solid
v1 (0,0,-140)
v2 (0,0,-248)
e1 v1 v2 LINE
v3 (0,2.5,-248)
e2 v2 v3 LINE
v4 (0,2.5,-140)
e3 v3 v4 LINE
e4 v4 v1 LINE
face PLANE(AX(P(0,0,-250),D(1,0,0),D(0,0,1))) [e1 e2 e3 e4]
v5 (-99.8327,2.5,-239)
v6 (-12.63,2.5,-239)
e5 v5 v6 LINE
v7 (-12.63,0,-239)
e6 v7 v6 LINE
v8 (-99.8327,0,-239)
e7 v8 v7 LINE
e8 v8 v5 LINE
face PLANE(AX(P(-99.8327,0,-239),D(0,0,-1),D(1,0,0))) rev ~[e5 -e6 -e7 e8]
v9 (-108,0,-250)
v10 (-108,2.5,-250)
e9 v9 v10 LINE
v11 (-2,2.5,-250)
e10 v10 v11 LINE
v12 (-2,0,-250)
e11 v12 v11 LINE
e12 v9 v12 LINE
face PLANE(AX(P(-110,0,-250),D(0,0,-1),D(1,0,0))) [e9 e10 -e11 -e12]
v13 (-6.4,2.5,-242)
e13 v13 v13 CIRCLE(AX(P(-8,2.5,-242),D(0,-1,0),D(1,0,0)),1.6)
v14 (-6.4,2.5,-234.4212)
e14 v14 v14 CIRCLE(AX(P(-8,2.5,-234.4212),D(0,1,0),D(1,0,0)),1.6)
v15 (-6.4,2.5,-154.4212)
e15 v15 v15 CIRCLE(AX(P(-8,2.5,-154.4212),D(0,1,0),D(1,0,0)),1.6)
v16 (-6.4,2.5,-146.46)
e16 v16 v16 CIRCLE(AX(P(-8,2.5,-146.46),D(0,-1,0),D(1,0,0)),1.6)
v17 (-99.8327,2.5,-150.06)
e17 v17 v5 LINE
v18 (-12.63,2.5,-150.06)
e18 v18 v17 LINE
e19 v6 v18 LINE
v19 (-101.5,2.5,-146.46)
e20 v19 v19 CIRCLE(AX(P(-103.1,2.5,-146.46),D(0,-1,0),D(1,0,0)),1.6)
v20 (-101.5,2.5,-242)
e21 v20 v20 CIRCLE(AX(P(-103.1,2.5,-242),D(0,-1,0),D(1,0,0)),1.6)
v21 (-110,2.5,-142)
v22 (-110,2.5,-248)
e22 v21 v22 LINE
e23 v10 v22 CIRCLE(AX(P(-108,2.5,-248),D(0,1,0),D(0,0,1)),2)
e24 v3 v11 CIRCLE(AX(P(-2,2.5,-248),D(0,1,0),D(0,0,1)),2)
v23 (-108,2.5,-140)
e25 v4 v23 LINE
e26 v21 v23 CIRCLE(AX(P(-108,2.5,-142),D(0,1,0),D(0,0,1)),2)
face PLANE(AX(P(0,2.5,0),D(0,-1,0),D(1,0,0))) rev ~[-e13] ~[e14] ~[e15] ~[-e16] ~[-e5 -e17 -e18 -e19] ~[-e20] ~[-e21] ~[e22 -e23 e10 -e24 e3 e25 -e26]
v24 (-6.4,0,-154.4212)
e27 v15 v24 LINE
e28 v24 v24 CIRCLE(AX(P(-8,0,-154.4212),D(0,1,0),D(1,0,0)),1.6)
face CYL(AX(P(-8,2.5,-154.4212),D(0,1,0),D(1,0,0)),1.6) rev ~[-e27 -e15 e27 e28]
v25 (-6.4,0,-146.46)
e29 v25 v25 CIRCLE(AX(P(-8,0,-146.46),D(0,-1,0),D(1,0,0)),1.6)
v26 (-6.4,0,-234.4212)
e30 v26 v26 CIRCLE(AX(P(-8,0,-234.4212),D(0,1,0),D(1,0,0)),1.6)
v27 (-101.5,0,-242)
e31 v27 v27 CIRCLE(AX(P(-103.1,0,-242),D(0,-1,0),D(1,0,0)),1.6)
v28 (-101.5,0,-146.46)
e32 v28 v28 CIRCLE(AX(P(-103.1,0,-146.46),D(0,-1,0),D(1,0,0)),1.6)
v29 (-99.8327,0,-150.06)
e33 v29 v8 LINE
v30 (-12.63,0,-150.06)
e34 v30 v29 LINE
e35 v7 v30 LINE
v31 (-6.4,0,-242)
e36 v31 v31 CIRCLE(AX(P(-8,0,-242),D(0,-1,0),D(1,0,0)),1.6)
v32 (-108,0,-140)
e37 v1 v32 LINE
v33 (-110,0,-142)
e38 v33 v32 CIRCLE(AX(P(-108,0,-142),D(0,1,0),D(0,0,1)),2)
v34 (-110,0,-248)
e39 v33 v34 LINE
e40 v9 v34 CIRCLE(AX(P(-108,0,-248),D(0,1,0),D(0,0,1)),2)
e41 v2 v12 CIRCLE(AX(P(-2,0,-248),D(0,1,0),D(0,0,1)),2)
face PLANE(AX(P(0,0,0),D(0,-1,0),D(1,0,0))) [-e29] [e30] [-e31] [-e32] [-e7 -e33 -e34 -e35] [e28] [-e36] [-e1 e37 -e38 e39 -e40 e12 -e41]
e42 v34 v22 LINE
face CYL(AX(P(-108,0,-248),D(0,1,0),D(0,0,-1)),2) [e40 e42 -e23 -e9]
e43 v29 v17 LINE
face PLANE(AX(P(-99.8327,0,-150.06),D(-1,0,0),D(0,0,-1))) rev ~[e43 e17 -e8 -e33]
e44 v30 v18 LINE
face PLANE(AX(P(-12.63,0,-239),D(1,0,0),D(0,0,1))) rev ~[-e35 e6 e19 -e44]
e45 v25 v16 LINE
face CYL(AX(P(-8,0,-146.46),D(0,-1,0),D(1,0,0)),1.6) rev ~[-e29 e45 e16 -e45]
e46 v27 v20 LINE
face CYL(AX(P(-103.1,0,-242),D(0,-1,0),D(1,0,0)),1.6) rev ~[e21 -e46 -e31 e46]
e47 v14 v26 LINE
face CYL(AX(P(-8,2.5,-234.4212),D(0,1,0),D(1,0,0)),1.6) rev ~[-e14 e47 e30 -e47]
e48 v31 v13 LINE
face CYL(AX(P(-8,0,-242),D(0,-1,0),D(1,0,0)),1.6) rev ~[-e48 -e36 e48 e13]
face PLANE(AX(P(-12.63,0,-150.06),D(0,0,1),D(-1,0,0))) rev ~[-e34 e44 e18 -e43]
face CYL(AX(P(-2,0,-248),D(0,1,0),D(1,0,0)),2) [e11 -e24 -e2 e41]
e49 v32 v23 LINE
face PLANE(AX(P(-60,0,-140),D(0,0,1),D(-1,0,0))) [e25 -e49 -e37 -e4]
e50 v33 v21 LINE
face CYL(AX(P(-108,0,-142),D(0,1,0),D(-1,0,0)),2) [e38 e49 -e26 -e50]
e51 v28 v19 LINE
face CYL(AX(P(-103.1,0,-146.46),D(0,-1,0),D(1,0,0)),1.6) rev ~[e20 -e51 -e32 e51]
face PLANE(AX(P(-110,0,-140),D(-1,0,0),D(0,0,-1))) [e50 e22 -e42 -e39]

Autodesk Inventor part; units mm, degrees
ref_plane "YZ Plane" through (0, 0, 0) normal (1, 0, 0) x (0, 1, 0)
ref_plane "XZ Plane" through (0, 0, 0) normal (0, 1, 0) x (-1, 0, 0)
ref_plane "XY Plane" through (0, 0, 0) normal (0, 0, 1) x (1, 0, 0)
sketch "草图1" plane through (0, 0, 0) normal (0, 1, 0) x (-1, 0, 0)
  line L0 (0, 0) -> (60, 0)
  line L1 (60, 0) -> (60, -140)
  line L2 (60, -140) -> (0, -140)
  line L3 (0, -140) -> (0, 0)
  dimension "d0" = 60
  dimension "d1" = 140
extrude "拉伸1" add sketch "草图1" along normal blind 2.5
sketch "草图2" plane through (0, 2.5, 0) normal (0, 1, 0) x (1, 0, 0)
  line L0 (0, 140) -> (-60, 140) projected
  line L1 (-60, 140) -> (-60, 0) projected
  line L2 (-60, 0) -> (0, 0) projected
  line L3 (0, 0) -> (0, 140) projected
  line L4 (-60, 0) -> (0, 0) projected
  line L5 (-30, 0) -> (-30, 146.6003)
  line L6 (-30, 8.9185) -> (-51, 8.9185)
  line L7 (-51, 8.9185) -> (-51, 50.9185)
  line L8 (-51, 50.9185) -> (-30, 50.9185)
  line L9 (-30, 50.9185) -> (-30, 8.9185)
  line L10 (-30, 8.9185) -> (-9, 8.9185)
  line L11 (-9, 8.9185) -> (-9, 50.9185)
  line L12 (-9, 50.9185) -> (-30, 50.9185)
  circle A0 centre (-45.5, 14.4185) radius 2.9433
  line L13 (-51, 29.9185) -> (-35.5931, 29.9185)
  circle A1 centre (-45.5, 45.4185) radius 2.9433
  circle A2 centre (-14.5, 14.4185) radius 2.9433
  circle A3 centre (-14.5, 45.4185) radius 2.9433
  circle A4 centre (-30, 29.9185) radius 2.55
  circle A5 centre (-30, 29.9185) radius 11.25
  dimension "d4" = 21
  dimension "d5" = 42
  dimension "d6" = 31
  dimension "d7" = 31
  dimension "d12" = 5.1
  dimension "d15" = 22.5
extrude "拉伸4" cut sketch "草图2" along normal mid plane 10 contours A4 L5 | L5 A4
extrude "拉伸5" cut sketch "草图2" against normal blind 10 contours A5 L5 A4 | L5 A4 A5 | A4 L5 | L5 A4
extrude "拉伸6" cut sketch "草图2" against normal blind 10 contours A5 L5 A4 | L5 A4 A5 | A4 L5 | L5 A4
sketch "草图6" plane through (0, 0, 0) normal (0, -1, 0) x (1, 0, 0)
  line L0 (-9, -8.9185) -> (-51, -8.9185) projected
  circle A0 centre (-30, -29.9185) radius 2.55 projected
  line L1 (-30, -29.9185) -> (-26.8, -29.9185)
  line L2 (-26.8, -29.9185) -> (-26.8, -111.9185)
  line L3 (-30, -29.9185) -> (-30, -39.9264)
  line L4 (-30, -29.9185) -> (-33.2, -29.9185)
  line L5 (-33.2, -29.9185) -> (-33.2, -111.9185)
  line L6 (-26.8, -111.9185) -> (-31.6, -111.9185)
  line L7 (-31.6, -111.9185) -> (-33.2, -111.9185)
  line L8 (-26.8, -111.9185) -> (-33.2, -111.9185)
  line L9 (-33.2, -111.9185) -> (-33.2, -115.1185)
  line L10 (-33.2, -115.1185) -> (-26.8, -115.1185)
  line L11 (-26.8, -115.1185) -> (-26.8, -111.9185)
  point P0 (0, 0)
  dimension "d20" = 3.2
  dimension "d21" = 82
  dimension "d22" = 3.2
extrude "拉伸7" add sketch "草图6" along normal blind 105 contours L11 L10 L9 L7 L6
sketch "草图7" plane through (-33.2, 0, -111.9185) normal (0, 0, 1) x (1, 0, 0)
  line L0 (0, 0) -> (6.4, 0) projected
  line L1 (0, 0) -> (0, -105) projected
  line L2 (6.4, -105) -> (0, -105) projected
  line L3 (6.4, 0) -> (6.4, -105) projected
  line L4 (6.4, 0) -> (6.4, -105) projected
  line L5 (0, 0) -> (0, -105) projected
  line L6 (6.4, -105) -> (0, -105)
  line L7 (0, -105) -> (0, -101.5)
  line L8 (0, -101.5) -> (6.4, -101.5)
  line L9 (6.4, -101.5) -> (6.4, -105)
  point P0 (33.2, 0)
  dimension "d25" = 3.5
sketch "草图8" plane through (0, -105, 0) normal (0, -1, 0) x (1, 0, 0)
  line L0 (-26.8, -111.9185) -> (-26.8, -115.1185) projected
  line L1 (-26.8, -115.1185) -> (-33.2, -115.1185) projected
  line L2 (-33.2, -115.1185) -> (-33.2, -111.9185) projected
  line L3 (-33.2, -111.9185) -> (-26.8, -111.9185) projected
  circle A0 centre (-30, -29.9185) radius 11.25 projected
  line L4 (0, -140) -> (-60, -140) projected
  line L5 (0, 0) -> (0, -140) projected
  line L6 (-60, 0) -> (0, 0) projected
  line L7 (-60, -140) -> (-60, 0) projected
  line L8 (-26.8, -111.9185) -> (-26.8, -29.9185)
  line L9 (-26.8, -29.9185) -> (-33.2, -29.9185)
  line L10 (-33.2, -29.9185) -> (-33.2, -111.9185)
  line L11 (-33.2, -111.9185) -> (-26.8, -111.9185)
  line L12 (-26.8, -111.9185) -> (-26.8, -29.9185)
  circle A1 centre (-30, -29.9185) radius 3.2
  line L13 (-26.8, -29.9185) -> (-26.8, -14.9185)
  line L14 (-26.8, -14.9185) -> (-33.2, -14.9185)
  line L15 (-33.2, -14.9185) -> (-33.2, -29.9185)
  circle A2 centre (-30, -29.9185) radius 2.55 projected
  line L16 (-26.8, -14.9185) -> (-26.8, -25.4185)
  line L17 (-26.8, -25.4185) -> (-33.2, -25.4185)
  dimension "d26" = 15
  dimension "d40" = 10.5
extrude "拉伸8" add sketch "草图8" against normal blind 3.5 contours L3 L10 A0 L8 | A0 L10 A1 L8 | A1 L9 A2 | L9 A2 A1 | A1 L15 L17 L13 | L15 L14 L13 A0 | A0 L13 L17 L15
sketch "草图10" plane through (0, -105, 0) normal (0, -1, 0) x (1, 0, 0)
  line L0 (-26.8, -111.9185) -> (-26.8, -115.1185) projected
  line L1 (-26.8, -115.1185) -> (-33.2, -115.1185) projected
  line L2 (-33.2, -115.1185) -> (-33.2, -111.9185) projected
  line L3 (-33.2, -111.9185) -> (-26.8, -111.9185) projected
  circle A0 centre (-30, -29.9185) radius 11.25 projected
  line L4 (0, -140) -> (-60, -140) projected
  line L5 (0, 0) -> (0, -140) projected
  line L6 (-60, 0) -> (0, 0) projected
  line L7 (-60, -140) -> (-60, 0) projected
  circle A1 centre (-30, -29.9185) radius 2.55 projected
  line L8 (-33.2, -14.9185) -> (-33.2, -115.1185) projected
  line L9 (-33.2, -115.1185) -> (-26.8, -115.1185) projected
  line L10 (-26.8, -115.1185) -> (-26.8, -14.9185) projected
  line L11 (-26.8, -14.9185) -> (-33.2, -14.9185) projected
  circle A2 centre (-30, -29.9185) radius 3.05
  point P0 (-33.2, -19.1332)
  point P1 (-26.8, -19.1332)
  dimension "d31" = 6.1
extrude "拉伸9" add sketch "草图10" against normal up to surface (105 mm away) contours A0 L8 L11 L10
extrude "拉伸10" cut sketch "草图10" against normal up to surface (3.5 mm away) contours A2
sketch "草图11" plane through (-33.2, -105, -115.1185) normal (-1, 0, 0) x (0, 0, 1)
  line L0 (3.2, 3.5) -> (95.9853, 3.5) projected
  line L1 (3.2, 105) -> (3.2, 3.5) projected
  line L2 (0, 105) -> (3.2, 105) projected
  line L3 (0, 105) -> (0, 0) projected
  line L4 (100.2, 0) -> (0, 0) projected
  line L5 (100.2, 0) -> (100.2, 105) projected
  line L6 (95.9853, 105) -> (100.2, 105) projected
  line L7 (95.9853, 3.5) -> (95.9853, 105) projected
  point P0 (115.1185, 105)
extrude "拉伸11" add sketch "草图11" along normal blind 1
sketch "草图12" plane through (0, 0, 0) normal (0, -1, 0) x (1, 0, 0)
  point P0 (0, 0)
extrude "拉伸12" add sketch "草图2" against normal up to surface (2.5 mm away) contours A5 L5 A4 | L5 A4 A5
sketch "草图13" plane through (-30, 2.5, -29.9185) normal (0, 1, 0) x (1, 0, 0)
  point P0 (30, -29.9185)
extrude "拉伸13" cut sketch "草图2" against normal blind 2 contours A5 L5 A4 | L5 A4 A5
sketch "草图14" plane through (0, -105, 0) normal (0, -1, 0) x (1, 0, 0)
  circle A0 centre (-30, -29.9185) radius 3.05 projected
  line L0 (-26.8, -115.1185) -> (-34.2, -115.1185) projected
  line L1 (-26.8, -14.9185) -> (-34.2, -14.9185) projected
  line L2 (-34.2, -115.1185) -> (-34.2, -14.9185) projected
  line L3 (-34.2, -115.1185) -> (-34.2, -14.9185) projected
  line L4 (-34.2, -19.1332) -> (-34.2, -14.9185) projected
  line L5 (-34.2, -19.1332) -> (-34.2, -111.9185) projected
  line L6 (-34.2, -115.1185) -> (-34.2, -111.9185) projected
  line L7 (-33.2, -19.1332) -> (-34.2, -19.1332) projected
  line L8 (-34.2, -19.1332) -> (-25.8, -19.1332)
  line L9 (-25.8, -115.1185) -> (-25.8, -14.9185) projected
  line L10 (-26.8, -115.1185) -> (-26.8, -14.9185) projected
  point P0 (0, 0)
  point P1 (-26.8, -19.1332)
extrude "拉伸14" cut sketch "草图14" against normal up to surface (105 mm away) contours L8 L7 L2 L1 L10
sketch "草图15" plane through (0, -101.5, 0) normal (0, 1, 0) x (1, 0, 0)
  line L0 (-34.2, 111.9185) -> (-26.8, 111.9185) projected
  line L1 (-34.2, 19.1332) -> (-34.2, 111.9185) projected
  circle A0 centre (-30, 29.9185) radius 3.05 projected
  line L2 (-26.8, 25.4185) -> (-33.2, 25.4185) projected
  line L3 (-26.8, 14.9185) -> (-26.8, 25.4185) projected
  line L4 (-34.2, 19.1332) -> (-26.8, 19.1332) projected
  line L5 (-26.8, 19.1332) -> (-26.8, 111.9185) projected
  point P0 (0, 0)
sketch "草图16" plane through (0, -105, 0) normal (0, -1, 0) x (1, 0, 0)
  line L0 (-26.8, -25.4185) -> (-33.2, -25.4185) projected
  line L1 (-34.2, -115.1185) -> (-34.2, -19.1332) projected
  line L2 (-26.8, -115.1185) -> (-34.2, -115.1185) projected
  circle A0 centre (-30, -29.9185) radius 3.05 projected
  line L3 (-26.8, -19.1332) -> (-34.2, -19.1332) projected
  line L4 (-26.8, -115.1185) -> (-26.8, -19.1332) projected
  point P0 (0, 0)
sketch "草图17" plane through (0, -101.5, 0) normal (0, 1, 0) x (1, 0, 0)
  line L0 (-25.8, 19.1332) -> (-34.2, 19.1332) projected
  line L1 (-25.8, 19.1332) -> (-25.8, 111.9185) projected
  line L2 (-34.2, 19.1332) -> (-25.8, 19.1332)
  line L3 (-25.8, 19.1332) -> (-25.8, 25.4182)
  line L4 (-25.8, 25.4182) -> (-34.2, 25.4182)
  line L5 (-34.2, 25.4182) -> (-34.2, 19.1332)
  point P0 (0, 0)
  dimension "d43" = 6.285
extrude "拉伸15" add sketch "草图17" along normal up to surface (101.5 mm away)
fillet "圆角1" radius 2 3 edges at (-34.2, -52.5, -19.1332) (-25.8, -50.75, -19.1332) (-34.2, -52.5, -115.1185)
sketch "草图18" plane through (0, 2.5, 0) normal (0, 1, 0) x (1, 0, 0)
  circle A0 centre (-30, 29.9185) radius 11.25 projected
  line L0 (0, 140) -> (-60, 140) projected
  line L1 (-60, 140) -> (-60, 0) projected
  line L2 (-60, 0) -> (0, 0) projected
  line L3 (0, 0) -> (0, 140) projected
  circle A1 centre (-45.5, 14.4185) radius 2.5
  line L4 (-30, 29.9185) -> (-30, 12.6275)
  circle A2 centre (-45.5, 45.4185) radius 2.5
  point P0 (-14.5, 14.4185)
  dimension "d47" = 5
  dimension "d48" = 5
extrude "拉伸16" cut sketch "草图18" against normal blind 10 contours A1 | A2
ref_plane "工作平面2" through (-30, 0, -140) normal (-1, 0, 0) x (0, 0, 1)
mirror "镜像2" about plane through (-30, 0, -140) normal (-1, 0, 0) of "拉伸16"
sketch "草图19" plane through (0, 0, 0) normal (0, -1, 0) x (1, 0, 0)
  line L0 (0, -140) -> (-60, -140) projected
  line L1 (0, -140) -> (-110, -140)
  line L2 (-110, -140) -> (-110, -250)
  line L3 (-110, -250) -> (0, -250)
  line L4 (0, -250) -> (0, -140)
  circle A0 centre (-8, -146.46) radius 1.6
  circle A1 centre (-8, -242) radius 1.6
  circle A2 centre (-103.1, -146.46) radius 1.6
  circle A3 centre (-103.1, -242) radius 1.6
  point P0 (0, 0)
  dimension "d51" = 110
  dimension "d52" = 110
  dimension "d53" = 3.2
  dimension "d54" = 3.2
  dimension "d55" = 95.54
  dimension "d56" = 8
  dimension "d57" = 3.2
  dimension "d58" = 95.1
  dimension "d59" = 3.2
  dimension "d74" = 8
  dimension "d75" = 8
  dimension "d76" = 95.1
extrude "拉伸17" add sketch "草图19" against normal up to surface (2.5 mm away)
sketch "草图20" plane through (-25.8, -101.5, -25.4182) normal (1, 0, 0) x (0, 0, -1)
  line L0 (-4.285, 0) -> (-4.285, 101.5) projected
  line L1 (-4.285, 0) -> (0, 0) projected
  line L2 (0, 0) -> (0, 101.5) projected
  line L3 (-4.285, 101.5) -> (0, 101.5) projected
  line L4 (-4.285, 0) -> (-4.285, 101.5) projected
  line L5 (-4.285, 101.5) -> (-4.285, 85)
  line L6 (-4.285, 85) -> (0, 85)
  line L7 (0, 0) -> (0, 101.5) projected
  line L8 (-4.285, 85) -> (-8.285, 85)
  line L9 (-8.285, 85) -> (-8.285, 101.5)
  line L10 (114.5818, 101.5) -> (-25.4182, 101.5) projected
  line L11 (-6.285, 78.0536) -> (-14.0927, 78.0536)
  line L12 (-14.0927, 78.0536) -> (-14.0927, 101.5)
  line L13 (-6.285, 101.5) -> (-6.285, -3.5) projected
  point P0 (-6.285, 85)
  dimension "d62" = 16.5
  dimension "d63" = 4
extrude "拉伸18" cut sketch "草图20" along normal mid plane 20.75 contours L8 L13 L10 L0 | L0 L3 L2 L6 | L8 L9 L10 L13
extrude "拉伸19" add sketch "草图20" against normal blind 7.4 contours L13 L11 L12 L10 L9 L8
sketch "草图21" plane through (-25.8, -23.4464, -19.1332) normal (0, 0, -1) x (-1, 0, 0)
  line L0 (2, 6.9464) -> (2, 0) projected
  line L1 (0, 6.9464) -> (2, 6.9464) projected
  line L2 (0, 0) -> (0, 6.9464) projected
  line L3 (0, 0) -> (2, 0) projected
  line L4 (6.4, 0) -> (6.4, 6.9464) projected
  line L5 (6.4, 0) -> (7.4, 0) projected
  line L6 (7.4, 6.9464) -> (7.4, 0) projected
  line L7 (6.4, 6.9464) -> (7.4, 6.9464) projected
  point P0 (-25.8, 23.4464)
extrude "拉伸20" add sketch "草图21" along normal blind 2.5
fillet "圆角2" radius 2 3 edges at (-29.5, -23.4464, -11.3254) (-25.8, -11.7232, -11.3254) (-33.2, -11.7232, -11.3254)
sketch "草图22" plane through (0, -105, 0) normal (0, -1, 0) x (1, 0, 0)
  circle A0 centre (-30, -29.9185) radius 3.05 projected
  circle A1 centre (-30, -29.9185) radius 3.2 projected
  point P0 (0, 0)
sketch "草图23" plane through (0, -105, 0) normal (0, -1, 0) x (1, 0, 0)
  circle A0 centre (-30, -29.9185) radius 2.55 projected
  point P0 (0, 0)
sketch "草图24" plane through (0, -105, 0) normal (0, -1, 0) x (1, 0, 0)
  point P0 (0, 0)
sketch "草图25" plane through (0, -105, 0) normal (0, -1, 0) x (1, 0, 0)
  circle A0 centre (-30, -29.9185) radius 2.75
  point P0 (0, 0)
  dimension "d71" = 5.5
extrude "拉伸21" cut sketch "草图25" against normal blind 2.5
sketch "草图26" plane through (0, 0, 0) normal (1, 0, 0) x (0, 0, -1)
  point P0 (0, 0)
sketch "草图27" plane through (0, 2.5, 0) normal (0, 1, 0) x (1, 0, 0)
  circle A0 centre (-8, 146.46) radius 1.6 projected
  circle A1 centre (-8, 242) radius 1.6 projected
  circle A2 centre (-103.1, 146.46) radius 1.6 projected
  circle A3 centre (-103.1, 242) radius 1.6 projected
  circle A4 centre (-14.5, 14.4185) radius 2.5 projected
  circle A5 centre (-14.5, 45.4185) radius 2.5 projected
  circle A6 centre (-45.5, 14.4185) radius 2.5 projected
  circle A7 centre (-45.5, 45.4185) radius 2.5 projected
  circle A8 centre (-30, 29.9185) radius 11.25 projected
  line L0 (-60, 140) -> (-60, 0) projected
  line L1 (-60, 0) -> (0, 0) projected
  line L2 (0, 0) -> (0, 250) projected
  line L3 (-110, 250) -> (0, 250) projected
  line L4 (-110, 140) -> (-110, 250) projected
  line L5 (-60, 140) -> (-110, 140) projected
  circle A9 centre (-8, 154.4212) radius 1.6
  circle A10 centre (-8, 234.4212) radius 1.6
  dimension "d77" = 3.2
  dimension "d78" = 3.2
  dimension "d79" = 80
extrude "拉伸22" cut sketch "草图27" against normal up to surface (2.5 mm away) contours A9 | A10
sketch "草图28" plane through (0, 0, 0) normal (0, -1, 0) x (1, 0, 0)
  line L0 (-12.63, -150.06) -> (-99.8327, -150.06)
  line L1 (-99.8327, -150.06) -> (-99.8327, -239)
  line L2 (-99.8327, -239) -> (-12.63, -239)
  line L3 (-12.63, -239) -> (-12.63, -150.06)
  circle A0 centre (-8, -146.46) radius 1.6 projected
  circle A1 centre (-8, -242) radius 1.6 projected
  circle A2 centre (-8, -154.4212) radius 1.6 projected
  circle A3 centre (-8, -234.4212) radius 1.6 projected
  circle A4 centre (-8, -146.46) radius 1.6 projected
  circle A5 centre (-8, -242) radius 1.6 projected
  circle A6 centre (-103.1, -146.46) radius 1.6 projected
  circle A7 centre (-103.1, -242) radius 1.6 projected
  circle A8 centre (-14.5, -14.4185) radius 2.5 projected
  circle A9 centre (-14.5, -45.4185) radius 2.5 projected
  circle A10 centre (-45.5, -14.4185) radius 2.5 projected
  circle A11 centre (-45.5, -45.4185) radius 2.5 projected
  circle A12 centre (-30, -29.9185) radius 11.25 projected
  line L4 (-60, -140) -> (-60, 0) projected
  line L5 (-60, 0) -> (0, 0) projected
  line L6 (0, 0) -> (0, -250) projected
  line L7 (-110, -250) -> (0, -250) projected
  line L8 (-110, -140) -> (-110, -250) projected
  line L9 (-60, -140) -> (-110, -140) projected
  dimension "d82" = 3.6
  dimension "d83" = 3
extrude "拉伸23" cut sketch "草图28" against normal blind 10 contours L3 L2 L1 L0
fillet "圆角3" radius 2 5 edges at (-110, 1.25, -250) (0, 1.25, -250) (-110, 1.25, -140) (-60, 1.25, 0) (0, 1.25, 0)
sketch "草图29" plane through (0, 0, 0) normal (0, -1, 0) x (1, 0, 0)
  line L0 (-6, -56.5984) -> (-53, -56.5984)
  line L1 (-53, -56.5984) -> (-53, -105.9913)
  line L2 (-53, -105.9913) -> (-6, -105.9913)
  line L3 (-6, -105.9913) -> (-6, -56.5984)
  line L4 (-60, -140) -> (-60, -2) projected
  line L5 (0, -2) -> (0, -248) projected
  point P0 (0, 0)
  dimension "d87" = 7
  dimension "d88" = 6
extrude "拉伸24" cut sketch "草图29" against normal blind 10
extrude "拉伸25" cut sketch "草图8" along normal through all both and the other way through all contours L0 L1 L2 L3 | L3 L10 A0 L8 | L8 L13 A0 | A0 L10 A1 L8 | A0 L15 L10 | A1 L9 A2 | L9 A2 A1 | A1 L15 L17 L13 | L15 L14 L13 A0 | A0 L13 L17 L15 | A2 L9 | L9 A2 | L4 L7 L6 L5
properties part number "42底座1"
